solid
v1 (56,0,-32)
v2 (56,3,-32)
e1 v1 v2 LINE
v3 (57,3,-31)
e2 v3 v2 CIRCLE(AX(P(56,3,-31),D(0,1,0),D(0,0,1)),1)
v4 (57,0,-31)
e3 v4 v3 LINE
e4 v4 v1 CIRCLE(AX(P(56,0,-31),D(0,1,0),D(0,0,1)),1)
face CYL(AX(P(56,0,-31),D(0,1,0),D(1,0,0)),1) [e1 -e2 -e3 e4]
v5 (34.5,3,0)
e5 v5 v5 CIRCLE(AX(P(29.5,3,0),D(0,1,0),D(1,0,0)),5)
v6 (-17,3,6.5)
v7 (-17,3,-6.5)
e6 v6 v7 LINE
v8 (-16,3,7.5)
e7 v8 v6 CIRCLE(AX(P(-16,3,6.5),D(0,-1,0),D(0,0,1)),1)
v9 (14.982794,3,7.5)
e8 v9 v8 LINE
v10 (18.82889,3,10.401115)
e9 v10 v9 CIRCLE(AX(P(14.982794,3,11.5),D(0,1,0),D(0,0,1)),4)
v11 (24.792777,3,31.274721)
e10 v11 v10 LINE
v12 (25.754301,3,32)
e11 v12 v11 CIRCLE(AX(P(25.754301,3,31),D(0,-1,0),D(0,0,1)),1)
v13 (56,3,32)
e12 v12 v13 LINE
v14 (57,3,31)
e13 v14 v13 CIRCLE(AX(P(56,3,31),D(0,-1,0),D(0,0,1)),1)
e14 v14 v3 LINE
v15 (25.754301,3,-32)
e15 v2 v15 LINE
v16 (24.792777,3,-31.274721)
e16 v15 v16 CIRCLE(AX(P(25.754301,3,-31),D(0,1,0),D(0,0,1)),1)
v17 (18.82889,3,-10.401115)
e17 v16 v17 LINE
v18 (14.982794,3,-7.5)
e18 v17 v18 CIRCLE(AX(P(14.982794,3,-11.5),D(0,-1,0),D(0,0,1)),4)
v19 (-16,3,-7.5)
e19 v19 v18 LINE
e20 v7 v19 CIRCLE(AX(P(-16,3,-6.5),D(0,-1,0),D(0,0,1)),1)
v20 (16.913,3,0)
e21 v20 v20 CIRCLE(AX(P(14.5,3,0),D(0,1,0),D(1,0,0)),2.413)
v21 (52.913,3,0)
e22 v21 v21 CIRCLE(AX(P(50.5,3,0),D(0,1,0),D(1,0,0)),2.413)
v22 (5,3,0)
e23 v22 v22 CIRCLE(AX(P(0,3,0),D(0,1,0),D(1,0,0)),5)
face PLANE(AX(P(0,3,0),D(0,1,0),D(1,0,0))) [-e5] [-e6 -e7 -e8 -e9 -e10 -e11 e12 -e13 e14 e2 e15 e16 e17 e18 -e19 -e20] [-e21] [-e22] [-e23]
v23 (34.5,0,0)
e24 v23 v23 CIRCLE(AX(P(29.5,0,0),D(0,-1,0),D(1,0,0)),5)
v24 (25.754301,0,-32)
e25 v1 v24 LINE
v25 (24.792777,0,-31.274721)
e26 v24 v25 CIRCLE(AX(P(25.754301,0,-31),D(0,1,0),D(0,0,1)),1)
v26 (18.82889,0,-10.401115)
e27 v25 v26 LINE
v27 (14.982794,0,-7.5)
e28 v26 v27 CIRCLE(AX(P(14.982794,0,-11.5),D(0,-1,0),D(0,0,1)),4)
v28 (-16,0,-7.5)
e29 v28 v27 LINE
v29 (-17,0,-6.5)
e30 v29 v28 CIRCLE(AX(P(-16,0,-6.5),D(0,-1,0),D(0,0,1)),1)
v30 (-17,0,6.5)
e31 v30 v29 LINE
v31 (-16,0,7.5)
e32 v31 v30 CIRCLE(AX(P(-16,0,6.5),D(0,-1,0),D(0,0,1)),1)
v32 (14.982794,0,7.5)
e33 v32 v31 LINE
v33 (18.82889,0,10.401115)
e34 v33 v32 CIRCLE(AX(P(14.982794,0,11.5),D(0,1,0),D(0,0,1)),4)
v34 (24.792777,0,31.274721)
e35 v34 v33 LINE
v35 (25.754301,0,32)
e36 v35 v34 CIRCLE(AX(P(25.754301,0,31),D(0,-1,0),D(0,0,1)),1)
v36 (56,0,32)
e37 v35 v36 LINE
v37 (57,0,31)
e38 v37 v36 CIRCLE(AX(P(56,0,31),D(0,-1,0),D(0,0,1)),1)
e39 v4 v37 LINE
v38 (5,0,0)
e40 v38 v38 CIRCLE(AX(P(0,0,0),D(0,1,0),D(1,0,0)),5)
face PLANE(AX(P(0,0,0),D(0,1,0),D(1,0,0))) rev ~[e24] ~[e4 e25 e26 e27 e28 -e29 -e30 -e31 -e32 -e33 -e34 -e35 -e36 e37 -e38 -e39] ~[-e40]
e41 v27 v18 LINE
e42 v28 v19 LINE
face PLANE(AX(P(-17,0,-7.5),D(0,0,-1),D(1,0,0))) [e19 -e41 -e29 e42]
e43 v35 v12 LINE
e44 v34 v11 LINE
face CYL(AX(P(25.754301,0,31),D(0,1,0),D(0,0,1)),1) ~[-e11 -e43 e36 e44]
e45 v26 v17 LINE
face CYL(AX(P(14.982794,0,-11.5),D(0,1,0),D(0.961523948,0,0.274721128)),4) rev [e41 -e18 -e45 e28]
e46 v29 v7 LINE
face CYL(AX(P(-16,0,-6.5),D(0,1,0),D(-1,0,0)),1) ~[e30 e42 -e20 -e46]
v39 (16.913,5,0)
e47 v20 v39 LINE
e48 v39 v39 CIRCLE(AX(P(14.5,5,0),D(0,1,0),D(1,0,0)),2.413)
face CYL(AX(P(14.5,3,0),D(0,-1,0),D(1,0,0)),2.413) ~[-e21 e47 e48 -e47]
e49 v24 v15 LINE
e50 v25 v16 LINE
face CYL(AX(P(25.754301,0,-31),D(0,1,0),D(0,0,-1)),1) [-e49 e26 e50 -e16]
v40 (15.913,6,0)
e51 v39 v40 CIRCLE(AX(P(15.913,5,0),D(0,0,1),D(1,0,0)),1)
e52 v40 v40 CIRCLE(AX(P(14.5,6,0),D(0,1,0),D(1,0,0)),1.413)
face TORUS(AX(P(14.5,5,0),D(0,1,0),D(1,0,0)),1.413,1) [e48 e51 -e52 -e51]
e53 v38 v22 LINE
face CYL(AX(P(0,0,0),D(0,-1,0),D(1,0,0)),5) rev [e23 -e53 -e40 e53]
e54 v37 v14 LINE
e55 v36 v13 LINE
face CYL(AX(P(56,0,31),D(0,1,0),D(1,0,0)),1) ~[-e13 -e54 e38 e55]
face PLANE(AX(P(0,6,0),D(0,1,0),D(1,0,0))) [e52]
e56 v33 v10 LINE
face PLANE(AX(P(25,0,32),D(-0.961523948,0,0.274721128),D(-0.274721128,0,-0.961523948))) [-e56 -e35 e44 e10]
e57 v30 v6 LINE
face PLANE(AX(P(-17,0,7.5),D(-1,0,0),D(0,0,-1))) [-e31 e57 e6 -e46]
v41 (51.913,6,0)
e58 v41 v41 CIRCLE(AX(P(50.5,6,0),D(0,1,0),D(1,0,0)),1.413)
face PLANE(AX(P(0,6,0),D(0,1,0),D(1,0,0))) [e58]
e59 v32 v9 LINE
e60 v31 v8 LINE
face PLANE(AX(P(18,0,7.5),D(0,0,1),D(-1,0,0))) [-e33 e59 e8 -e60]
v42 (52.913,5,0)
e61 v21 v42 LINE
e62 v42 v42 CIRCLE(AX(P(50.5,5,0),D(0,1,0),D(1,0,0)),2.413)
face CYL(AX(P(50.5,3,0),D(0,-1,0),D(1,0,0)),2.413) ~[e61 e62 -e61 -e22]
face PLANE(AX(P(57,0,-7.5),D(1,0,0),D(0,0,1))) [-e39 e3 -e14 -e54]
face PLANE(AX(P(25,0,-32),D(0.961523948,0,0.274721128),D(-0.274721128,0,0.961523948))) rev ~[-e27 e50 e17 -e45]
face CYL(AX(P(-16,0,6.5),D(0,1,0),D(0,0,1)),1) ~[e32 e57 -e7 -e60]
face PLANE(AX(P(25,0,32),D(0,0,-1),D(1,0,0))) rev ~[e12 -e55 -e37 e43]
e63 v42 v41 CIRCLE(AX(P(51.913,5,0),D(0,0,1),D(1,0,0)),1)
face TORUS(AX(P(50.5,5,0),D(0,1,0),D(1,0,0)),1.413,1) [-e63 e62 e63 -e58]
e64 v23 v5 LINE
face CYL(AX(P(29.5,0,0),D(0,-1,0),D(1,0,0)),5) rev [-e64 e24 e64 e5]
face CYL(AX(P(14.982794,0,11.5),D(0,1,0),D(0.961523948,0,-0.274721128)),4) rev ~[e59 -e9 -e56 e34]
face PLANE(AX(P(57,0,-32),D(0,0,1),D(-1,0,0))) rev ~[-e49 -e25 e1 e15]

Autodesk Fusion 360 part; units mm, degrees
sketch "Top" plane through (0, 0, 0) normal (0, 1, 0) x (1, 0, 0)
  line L0 (-17, 0) -> (118, 0) construction
  circle A0 centre (0, 0) radius 5
  circle A1 centre (29.5, 0) radius 5
  line L1 (-17, 7.5) -> (57, 7.5)
  line L2 (57, 7.5) -> (57, -7.5)
  line L3 (57, -7.5) -> (-17, -7.5)
  line L4 (-17, -7.5) -> (-17, 7.5)
  line L5 (57, 32) -> (25, 32)
  line L6 (25, 32) -> (25, -32)
  line L7 (25, -32) -> (57, -32)
  line L8 (57, -32) -> (57, 32)
  line L9 (25, 32) -> (18, 7.5)
  line L10 (25, -32) -> (18, -7.5)
  circle A2 centre (14.5, 0) radius 2.413
  circle A3 centre (50.5, 0) radius 2.413
  point P0 (-17, 0)
  point P1 (57, 0)
  point P2 (57, 0)
  dimension "d1" = 10
  dimension "d2" = 10
  dimension "d3" = 29.5
  dimension "d4" = 74
  dimension "d5" = 15
  dimension "d6" = 17
  dimension "d7" = 64
  dimension "d8" = 18
  dimension "d9" = 32
  dimension "d16" = 4.826
  dimension "d17" = 14.5
  dimension "d18" = 4.826
  dimension "d19" = 50.5
extrude "Extrude1" add sketch "Top" along normal blind 3 contours A1 L1 L2 L3 L6 L8 | A1 L1 L3 L4 L6 | L1 L5 L6 L8 | L1 L6 L9 | L3 L6 L10 | L3 L6 L7 L8 | A2 | A3
fillet "Fillet1" radius 1 6 edges at (-17, 1.5, 7.5) (-17, 1.5, -7.5) (57, 1.5, 32) (57, 1.5, -32) (25, 1.5, -32) (25, 1.5, 32)
fillet "Fillet2" radius 4 2 edges at (18, 1.5, -7.5) (18, 1.5, 7.5)
extrude "Extrude2" add sketch "Top" along normal blind 3 from surface at 3 contours A2 | A3
fillet "Fillet3" radius 1 2 edges at (12.2503, 6, 0.8726) (48.2503, 6, 0.8726)
